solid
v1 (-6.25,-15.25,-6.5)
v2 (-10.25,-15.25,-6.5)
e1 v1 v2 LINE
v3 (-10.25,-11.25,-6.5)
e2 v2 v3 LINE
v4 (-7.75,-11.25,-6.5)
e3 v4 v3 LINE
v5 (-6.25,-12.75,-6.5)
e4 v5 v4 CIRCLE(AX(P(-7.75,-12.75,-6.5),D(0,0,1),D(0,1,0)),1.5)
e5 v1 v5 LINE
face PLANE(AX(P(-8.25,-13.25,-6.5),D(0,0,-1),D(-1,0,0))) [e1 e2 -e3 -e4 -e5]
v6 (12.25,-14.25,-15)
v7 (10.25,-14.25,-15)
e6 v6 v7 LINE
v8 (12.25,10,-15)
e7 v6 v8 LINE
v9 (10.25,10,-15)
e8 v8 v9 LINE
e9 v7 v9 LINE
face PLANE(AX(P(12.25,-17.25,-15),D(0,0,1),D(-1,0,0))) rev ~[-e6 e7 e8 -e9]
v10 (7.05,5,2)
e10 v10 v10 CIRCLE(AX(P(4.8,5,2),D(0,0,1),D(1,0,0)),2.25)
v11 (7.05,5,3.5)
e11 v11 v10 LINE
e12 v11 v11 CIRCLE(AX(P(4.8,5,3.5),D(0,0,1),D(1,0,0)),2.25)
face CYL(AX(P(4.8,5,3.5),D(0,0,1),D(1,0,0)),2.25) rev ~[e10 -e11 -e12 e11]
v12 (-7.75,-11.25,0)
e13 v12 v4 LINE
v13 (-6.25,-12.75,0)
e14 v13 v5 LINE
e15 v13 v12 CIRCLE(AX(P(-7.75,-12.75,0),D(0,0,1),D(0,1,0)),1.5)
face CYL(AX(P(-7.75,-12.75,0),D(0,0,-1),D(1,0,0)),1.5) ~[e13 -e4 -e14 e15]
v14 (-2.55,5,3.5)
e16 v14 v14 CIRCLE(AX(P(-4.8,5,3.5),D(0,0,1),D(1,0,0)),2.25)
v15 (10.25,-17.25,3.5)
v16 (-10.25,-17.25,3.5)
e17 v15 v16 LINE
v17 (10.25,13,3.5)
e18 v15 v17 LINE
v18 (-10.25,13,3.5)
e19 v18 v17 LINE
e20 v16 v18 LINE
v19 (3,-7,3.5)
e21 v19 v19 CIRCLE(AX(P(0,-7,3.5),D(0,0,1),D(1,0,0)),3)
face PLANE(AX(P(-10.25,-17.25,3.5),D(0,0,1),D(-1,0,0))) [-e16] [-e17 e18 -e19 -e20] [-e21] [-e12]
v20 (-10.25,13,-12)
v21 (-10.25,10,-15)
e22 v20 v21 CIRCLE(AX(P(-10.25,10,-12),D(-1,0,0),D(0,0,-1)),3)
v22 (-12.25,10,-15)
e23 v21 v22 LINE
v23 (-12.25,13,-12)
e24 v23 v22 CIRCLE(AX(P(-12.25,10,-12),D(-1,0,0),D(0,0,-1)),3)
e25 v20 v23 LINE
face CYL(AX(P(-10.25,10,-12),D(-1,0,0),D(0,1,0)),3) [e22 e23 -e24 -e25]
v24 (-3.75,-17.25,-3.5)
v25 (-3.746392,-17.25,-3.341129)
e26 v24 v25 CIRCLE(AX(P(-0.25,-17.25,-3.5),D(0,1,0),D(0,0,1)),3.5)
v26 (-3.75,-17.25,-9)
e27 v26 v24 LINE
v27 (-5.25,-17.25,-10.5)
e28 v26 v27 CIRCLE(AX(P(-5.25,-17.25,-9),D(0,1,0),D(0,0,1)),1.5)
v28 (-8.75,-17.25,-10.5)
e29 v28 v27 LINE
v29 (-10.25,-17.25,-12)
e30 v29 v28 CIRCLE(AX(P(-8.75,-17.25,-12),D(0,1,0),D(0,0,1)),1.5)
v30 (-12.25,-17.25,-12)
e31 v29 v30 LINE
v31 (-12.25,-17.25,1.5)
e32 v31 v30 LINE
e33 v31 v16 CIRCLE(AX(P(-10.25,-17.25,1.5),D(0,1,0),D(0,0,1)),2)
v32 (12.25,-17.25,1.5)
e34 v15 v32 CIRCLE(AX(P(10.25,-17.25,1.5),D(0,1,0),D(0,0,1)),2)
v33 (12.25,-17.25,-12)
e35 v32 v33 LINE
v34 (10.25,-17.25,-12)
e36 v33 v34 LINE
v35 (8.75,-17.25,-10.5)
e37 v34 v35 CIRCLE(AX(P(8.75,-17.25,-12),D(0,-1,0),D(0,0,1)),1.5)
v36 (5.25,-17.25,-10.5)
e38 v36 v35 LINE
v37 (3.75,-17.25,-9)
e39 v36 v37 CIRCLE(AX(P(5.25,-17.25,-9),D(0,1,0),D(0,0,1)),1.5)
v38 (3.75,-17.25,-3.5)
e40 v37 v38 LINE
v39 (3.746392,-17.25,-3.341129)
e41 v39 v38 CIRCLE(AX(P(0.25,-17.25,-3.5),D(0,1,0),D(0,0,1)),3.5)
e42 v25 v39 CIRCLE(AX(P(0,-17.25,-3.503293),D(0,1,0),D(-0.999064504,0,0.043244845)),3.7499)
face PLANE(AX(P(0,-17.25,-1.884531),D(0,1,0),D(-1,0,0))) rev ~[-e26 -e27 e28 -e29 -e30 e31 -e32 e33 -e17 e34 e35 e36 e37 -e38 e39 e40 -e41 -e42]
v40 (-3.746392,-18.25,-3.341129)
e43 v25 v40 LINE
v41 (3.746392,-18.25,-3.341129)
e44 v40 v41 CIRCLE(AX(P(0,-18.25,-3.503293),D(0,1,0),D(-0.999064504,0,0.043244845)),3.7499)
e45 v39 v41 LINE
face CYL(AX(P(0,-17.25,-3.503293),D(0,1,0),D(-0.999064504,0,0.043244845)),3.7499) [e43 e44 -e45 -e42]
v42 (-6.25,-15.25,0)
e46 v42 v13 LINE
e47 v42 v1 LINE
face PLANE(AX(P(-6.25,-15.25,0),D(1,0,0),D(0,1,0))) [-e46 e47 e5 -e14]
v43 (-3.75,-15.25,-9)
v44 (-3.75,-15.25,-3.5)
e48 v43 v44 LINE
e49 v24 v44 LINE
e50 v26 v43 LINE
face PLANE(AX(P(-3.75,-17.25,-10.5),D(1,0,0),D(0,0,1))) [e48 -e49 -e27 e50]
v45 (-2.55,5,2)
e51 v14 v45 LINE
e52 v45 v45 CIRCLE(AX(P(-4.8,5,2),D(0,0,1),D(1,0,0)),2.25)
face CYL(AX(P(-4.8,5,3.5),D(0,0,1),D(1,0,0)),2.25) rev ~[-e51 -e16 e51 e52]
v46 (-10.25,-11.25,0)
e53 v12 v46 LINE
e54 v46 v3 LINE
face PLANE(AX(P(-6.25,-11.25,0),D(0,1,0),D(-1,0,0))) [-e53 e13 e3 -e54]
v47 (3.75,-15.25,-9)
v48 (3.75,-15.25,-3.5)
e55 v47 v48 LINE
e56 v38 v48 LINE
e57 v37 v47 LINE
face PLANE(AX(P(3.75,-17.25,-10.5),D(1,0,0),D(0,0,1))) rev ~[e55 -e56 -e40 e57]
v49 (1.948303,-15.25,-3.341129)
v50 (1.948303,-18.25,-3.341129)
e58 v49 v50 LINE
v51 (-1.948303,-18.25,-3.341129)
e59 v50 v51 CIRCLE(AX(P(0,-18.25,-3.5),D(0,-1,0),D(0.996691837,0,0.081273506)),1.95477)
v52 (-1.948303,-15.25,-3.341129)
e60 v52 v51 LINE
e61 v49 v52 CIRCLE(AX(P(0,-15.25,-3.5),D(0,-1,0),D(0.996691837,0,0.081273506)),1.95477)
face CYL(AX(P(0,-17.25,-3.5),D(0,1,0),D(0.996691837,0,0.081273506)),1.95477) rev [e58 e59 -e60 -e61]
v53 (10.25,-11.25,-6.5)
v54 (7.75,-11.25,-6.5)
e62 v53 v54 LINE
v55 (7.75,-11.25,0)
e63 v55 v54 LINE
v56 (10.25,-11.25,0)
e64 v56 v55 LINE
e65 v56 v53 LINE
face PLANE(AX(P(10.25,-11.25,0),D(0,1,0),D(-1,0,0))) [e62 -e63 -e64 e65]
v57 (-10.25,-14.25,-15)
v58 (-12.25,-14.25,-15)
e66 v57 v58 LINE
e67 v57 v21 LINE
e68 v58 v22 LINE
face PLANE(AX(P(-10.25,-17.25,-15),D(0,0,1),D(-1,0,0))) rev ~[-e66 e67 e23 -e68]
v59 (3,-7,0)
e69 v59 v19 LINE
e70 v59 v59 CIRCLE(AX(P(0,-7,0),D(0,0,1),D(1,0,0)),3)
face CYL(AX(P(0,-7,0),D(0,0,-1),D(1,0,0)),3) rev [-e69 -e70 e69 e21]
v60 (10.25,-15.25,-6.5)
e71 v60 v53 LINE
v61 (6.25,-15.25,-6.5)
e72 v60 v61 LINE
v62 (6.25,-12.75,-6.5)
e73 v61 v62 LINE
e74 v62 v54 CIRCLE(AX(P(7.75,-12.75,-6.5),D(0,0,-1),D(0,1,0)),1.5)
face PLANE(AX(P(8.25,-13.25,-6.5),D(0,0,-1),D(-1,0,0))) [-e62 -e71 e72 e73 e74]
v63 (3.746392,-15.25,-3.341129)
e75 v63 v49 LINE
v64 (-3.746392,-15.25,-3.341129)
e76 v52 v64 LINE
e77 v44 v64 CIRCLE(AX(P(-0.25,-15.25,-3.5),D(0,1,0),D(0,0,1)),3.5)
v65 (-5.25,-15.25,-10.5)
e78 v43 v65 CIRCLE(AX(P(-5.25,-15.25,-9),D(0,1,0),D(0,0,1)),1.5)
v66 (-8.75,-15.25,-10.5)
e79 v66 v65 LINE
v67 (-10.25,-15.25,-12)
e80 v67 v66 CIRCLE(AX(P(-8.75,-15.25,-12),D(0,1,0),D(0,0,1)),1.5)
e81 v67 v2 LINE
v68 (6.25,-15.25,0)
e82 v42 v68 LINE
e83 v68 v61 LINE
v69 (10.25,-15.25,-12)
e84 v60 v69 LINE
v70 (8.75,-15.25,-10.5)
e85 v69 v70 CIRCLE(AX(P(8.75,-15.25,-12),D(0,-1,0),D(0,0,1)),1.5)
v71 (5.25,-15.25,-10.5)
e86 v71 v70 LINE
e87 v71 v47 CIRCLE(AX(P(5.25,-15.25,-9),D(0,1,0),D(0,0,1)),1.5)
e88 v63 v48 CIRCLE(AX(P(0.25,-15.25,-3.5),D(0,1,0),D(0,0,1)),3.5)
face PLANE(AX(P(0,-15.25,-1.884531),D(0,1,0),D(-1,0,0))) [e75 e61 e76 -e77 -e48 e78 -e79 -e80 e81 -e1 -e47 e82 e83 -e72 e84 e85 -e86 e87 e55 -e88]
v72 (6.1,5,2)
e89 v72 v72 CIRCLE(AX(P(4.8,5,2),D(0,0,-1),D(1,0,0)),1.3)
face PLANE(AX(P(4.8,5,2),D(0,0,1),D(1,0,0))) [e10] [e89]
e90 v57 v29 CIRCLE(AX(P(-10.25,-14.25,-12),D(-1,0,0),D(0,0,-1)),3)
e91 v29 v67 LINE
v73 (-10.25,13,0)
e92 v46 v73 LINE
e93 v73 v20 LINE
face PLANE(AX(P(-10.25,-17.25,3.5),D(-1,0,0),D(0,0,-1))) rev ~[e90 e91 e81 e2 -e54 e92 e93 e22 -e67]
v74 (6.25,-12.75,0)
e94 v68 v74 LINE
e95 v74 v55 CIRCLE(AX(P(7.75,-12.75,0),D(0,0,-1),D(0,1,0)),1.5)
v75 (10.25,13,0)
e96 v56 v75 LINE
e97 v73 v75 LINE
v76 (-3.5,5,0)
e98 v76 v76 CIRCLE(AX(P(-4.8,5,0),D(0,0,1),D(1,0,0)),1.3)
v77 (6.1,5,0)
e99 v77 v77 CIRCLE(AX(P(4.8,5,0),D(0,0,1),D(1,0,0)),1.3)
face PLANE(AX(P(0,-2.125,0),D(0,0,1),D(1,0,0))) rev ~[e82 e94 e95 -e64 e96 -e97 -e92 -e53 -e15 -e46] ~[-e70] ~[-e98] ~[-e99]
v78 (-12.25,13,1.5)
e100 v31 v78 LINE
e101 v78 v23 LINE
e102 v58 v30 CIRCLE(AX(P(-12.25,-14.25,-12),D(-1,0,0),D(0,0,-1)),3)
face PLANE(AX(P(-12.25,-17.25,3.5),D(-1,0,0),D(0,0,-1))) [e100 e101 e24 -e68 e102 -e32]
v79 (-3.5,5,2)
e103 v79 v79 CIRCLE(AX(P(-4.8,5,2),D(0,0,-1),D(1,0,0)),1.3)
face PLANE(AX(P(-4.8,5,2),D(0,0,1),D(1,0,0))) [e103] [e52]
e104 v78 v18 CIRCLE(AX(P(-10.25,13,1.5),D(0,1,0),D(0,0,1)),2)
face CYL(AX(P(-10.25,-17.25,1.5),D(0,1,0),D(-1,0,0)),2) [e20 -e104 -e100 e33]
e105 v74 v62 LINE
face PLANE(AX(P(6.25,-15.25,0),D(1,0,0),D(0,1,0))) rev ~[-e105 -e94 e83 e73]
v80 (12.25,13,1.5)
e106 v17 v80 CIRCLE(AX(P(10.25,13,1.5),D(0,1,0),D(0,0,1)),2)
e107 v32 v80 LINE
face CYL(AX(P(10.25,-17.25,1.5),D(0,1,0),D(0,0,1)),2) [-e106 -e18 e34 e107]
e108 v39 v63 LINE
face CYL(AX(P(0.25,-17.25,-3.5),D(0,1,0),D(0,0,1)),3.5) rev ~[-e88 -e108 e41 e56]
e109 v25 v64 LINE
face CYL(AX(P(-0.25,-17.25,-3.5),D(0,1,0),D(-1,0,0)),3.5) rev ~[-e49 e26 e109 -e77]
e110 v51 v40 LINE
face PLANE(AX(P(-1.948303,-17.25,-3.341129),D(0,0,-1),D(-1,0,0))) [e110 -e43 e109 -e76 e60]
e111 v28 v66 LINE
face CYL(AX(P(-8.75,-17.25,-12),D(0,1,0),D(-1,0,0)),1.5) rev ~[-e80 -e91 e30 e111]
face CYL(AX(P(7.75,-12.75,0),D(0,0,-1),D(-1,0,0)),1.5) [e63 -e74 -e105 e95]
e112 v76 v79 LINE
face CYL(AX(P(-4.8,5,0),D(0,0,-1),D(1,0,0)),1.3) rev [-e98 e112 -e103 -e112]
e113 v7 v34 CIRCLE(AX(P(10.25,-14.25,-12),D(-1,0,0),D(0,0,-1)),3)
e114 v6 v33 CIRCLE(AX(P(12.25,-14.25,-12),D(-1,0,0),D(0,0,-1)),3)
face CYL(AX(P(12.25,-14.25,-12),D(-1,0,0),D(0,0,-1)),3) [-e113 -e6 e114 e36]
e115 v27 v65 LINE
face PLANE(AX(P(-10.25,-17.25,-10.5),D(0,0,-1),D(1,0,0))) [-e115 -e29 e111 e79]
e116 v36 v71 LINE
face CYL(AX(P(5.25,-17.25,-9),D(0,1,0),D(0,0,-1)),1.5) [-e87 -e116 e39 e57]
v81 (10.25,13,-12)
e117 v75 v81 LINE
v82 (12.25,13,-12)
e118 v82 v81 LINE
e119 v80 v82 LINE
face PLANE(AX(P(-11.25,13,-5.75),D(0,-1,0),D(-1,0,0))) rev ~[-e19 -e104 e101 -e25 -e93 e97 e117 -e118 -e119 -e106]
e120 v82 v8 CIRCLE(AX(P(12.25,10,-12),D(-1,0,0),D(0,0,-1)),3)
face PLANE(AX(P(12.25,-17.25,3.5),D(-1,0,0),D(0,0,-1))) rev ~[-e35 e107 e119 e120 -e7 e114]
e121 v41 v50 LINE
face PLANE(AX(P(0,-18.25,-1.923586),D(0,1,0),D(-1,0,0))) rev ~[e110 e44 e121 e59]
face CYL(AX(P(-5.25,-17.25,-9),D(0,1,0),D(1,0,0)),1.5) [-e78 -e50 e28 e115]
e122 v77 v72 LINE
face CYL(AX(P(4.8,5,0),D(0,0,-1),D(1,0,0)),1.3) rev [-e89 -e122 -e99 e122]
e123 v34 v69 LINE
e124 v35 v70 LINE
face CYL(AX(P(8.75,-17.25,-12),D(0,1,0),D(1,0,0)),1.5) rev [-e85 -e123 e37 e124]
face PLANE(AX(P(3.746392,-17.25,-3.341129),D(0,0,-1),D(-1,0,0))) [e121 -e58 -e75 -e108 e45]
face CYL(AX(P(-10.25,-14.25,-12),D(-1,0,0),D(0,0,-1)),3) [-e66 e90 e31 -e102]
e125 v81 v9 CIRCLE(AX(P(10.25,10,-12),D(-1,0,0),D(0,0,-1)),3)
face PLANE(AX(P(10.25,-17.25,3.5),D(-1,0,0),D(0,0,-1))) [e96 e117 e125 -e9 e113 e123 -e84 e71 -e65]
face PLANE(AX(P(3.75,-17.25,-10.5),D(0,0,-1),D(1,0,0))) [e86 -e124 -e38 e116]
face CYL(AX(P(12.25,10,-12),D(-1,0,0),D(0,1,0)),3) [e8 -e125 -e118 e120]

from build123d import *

# Parameters (mm, degrees)
SKETCH1_W           = 20.5
SKETCH1_H           = 30.25
SKETCH1_R           = 1.3
SKETCH1_R_2         = 3
BOSS_EXTRUDE1_DEPTH = 3.5
SKETCH2_W           = 2
SKETCH2_H           = 18.5
BOSS_EXTRUDE2_DEPTH = 30.25
SKETCH3_W           = 6.5
SKETCH3_H           = 10.5
BOSS_EXTRUDE3_DEPTH = 2
FILLET1_R           = 3.5
FILLET2_R           = 2
SKETCH4_R           = 2.25
CUT_EXTRUDE1_DEPTH  = 1.5
FILLET4_R           = 3
SKETCH9_W           = 4
SKETCH9_H           = 4
BOSS_EXTRUDE4_DEPTH = 6.5
FILLET6_R           = 1.5
BOSS_EXTRUDE5_DEPTH = 2
BOSS_EXTRUDE6_DEPTH = 1


with BuildPart() as part:
    # Sketch1 → Boss-Extrude1 (new body)
    with BuildSketch(Plane.XY):
        with Locations((0, -2.125)):
            Rectangle(SKETCH1_W, SKETCH1_H)
        with Locations((-4.8, 5)):
            Circle(SKETCH1_R, mode=Mode.SUBTRACT)
        with Locations((4.8, 5)):
            Circle(SKETCH1_R, mode=Mode.SUBTRACT)
        with Locations((0, -7)):
            Circle(SKETCH1_R_2, mode=Mode.SUBTRACT)
    extrude(amount=BOSS_EXTRUDE1_DEPTH)

    # Sketch2 → Boss-Extrude2 (add)
    with BuildSketch(Plane(origin=(0, -17.25, 0), x_dir=(-1, 0, 0), z_dir=(0, -1, 0))):
        with Locations((11.25, 5.75)):
            Rectangle(SKETCH2_W, SKETCH2_H)
        with Locations((-11.25, 5.75)):
            Rectangle(SKETCH2_W, SKETCH2_H)
    extrude(amount=-BOSS_EXTRUDE2_DEPTH)

    # Sketch3 → Boss-Extrude3 (add)
    with BuildSketch(Plane.XZ.offset(17.25)):
        with Locations((-7, -5.25)):
            Rectangle(SKETCH3_W, SKETCH3_H)
        with Locations((7, -5.25)):
            Rectangle(SKETCH3_W, SKETCH3_H)
    extrude(amount=-BOSS_EXTRUDE3_DEPTH)

    # Fillet1
    fillet1_edges = [part.edges().sort_by_distance(p)[0] for p in [
        (-3.75, -16.25, 0),
        (3.75, -16.25, 0),
    ]]
    fillet(fillet1_edges, radius=FILLET1_R)

    # Fillet2
    fillet2_edges = [part.edges().sort_by_distance(p)[0] for p in [
        (-12.25, -2.125, 3.5),
        (12.25, -2.125, 3.5),
    ]]
    fillet(fillet2_edges, radius=FILLET2_R)

    # Sketch4 → Cut-Extrude1 (cut)
    with BuildSketch(Plane.XY.offset(3.5)):
        with Locations((-4.8, 5)):
            Circle(SKETCH4_R)
        with Locations((4.8, 5)):
            Circle(SKETCH4_R)
    extrude(amount=-CUT_EXTRUDE1_DEPTH, mode=Mode.SUBTRACT)

    # Fillet4
    fillet4_edges = [part.edges().sort_by_distance(p)[0] for p in [
        (-11.25, 13, -15),
        (-11.25, -17.25, -15),
        (11.25, 13, -15),
        (11.25, -17.25, -15),
    ]]
    fillet(fillet4_edges, radius=FILLET4_R)

    # Sketch9 → Boss-Extrude4 (add)
    with BuildSketch(Plane(origin=(0, 0, 0), x_dir=(-1, 0, 0), z_dir=(0, 0, -1))):
        with Locations((-8.25, -13.25)):
            Rectangle(SKETCH9_W, SKETCH9_H)
        with Locations((8.25, -13.25)):
            Rectangle(SKETCH9_W, SKETCH9_H)
    extrude(amount=BOSS_EXTRUDE4_DEPTH)

    # Fillet6
    fillet6_edges = [part.edges().sort_by_distance(p)[0] for p in [
        (-6.25, -11.25, -3.25),
        (6.25, -11.25, -3.25),
        (-10.25, -16.25, -10.5),
        (10.25, -16.25, -10.5),
        (-3.75, -16.25, -10.5),
        (3.75, -16.25, -10.5),
    ]]
    fillet(fillet6_edges, radius=FILLET6_R)

    # Sketch10 → Boss-Extrude5 (add)
    with BuildSketch(Plane.XZ.offset(17.25)):
        with BuildLine():
            Line((-0.25, 0), (0.25, 0))
            ThreePointArc((0.25, 0), (2.668052064, -0.969580229), (3.746392428, -3.341129019))
            Line((3.746392428, -3.341129019), (1.948302942, -3.341129019))
            ThreePointArc((1.948302942, -3.341129019), (0, -1.545230361), (-1.948302942, -3.341129019))
            Line((-1.948302942, -3.341129019), (-3.746392428, -3.341129019))
            ThreePointArc((-3.746392428, -3.341129019), (-2.668052064, -0.969580229), (-0.25, 0))
        make_face()
    extrude(amount=-BOSS_EXTRUDE5_DEPTH)

    # Sketch11 → Boss-Extrude6 (add)
    with BuildSketch(Plane.XZ.offset(17.25)):
        with BuildLine():
            Line((-1.948302942, -3.341129019), (-3.746392428, -3.341129019))
            ThreePointArc((-3.746392428, -3.341129019), (0, 0.246607561), (3.746392428, -3.341129019))
            Line((3.746392428, -3.341129019), (1.948302942, -3.341129019))
            ThreePointArc((1.948302942, -3.341129019), (0, -1.545230361), (-1.948302942, -3.341129019))
        make_face()
    extrude(amount=BOSS_EXTRUDE6_DEPTH)


solid = part.part
